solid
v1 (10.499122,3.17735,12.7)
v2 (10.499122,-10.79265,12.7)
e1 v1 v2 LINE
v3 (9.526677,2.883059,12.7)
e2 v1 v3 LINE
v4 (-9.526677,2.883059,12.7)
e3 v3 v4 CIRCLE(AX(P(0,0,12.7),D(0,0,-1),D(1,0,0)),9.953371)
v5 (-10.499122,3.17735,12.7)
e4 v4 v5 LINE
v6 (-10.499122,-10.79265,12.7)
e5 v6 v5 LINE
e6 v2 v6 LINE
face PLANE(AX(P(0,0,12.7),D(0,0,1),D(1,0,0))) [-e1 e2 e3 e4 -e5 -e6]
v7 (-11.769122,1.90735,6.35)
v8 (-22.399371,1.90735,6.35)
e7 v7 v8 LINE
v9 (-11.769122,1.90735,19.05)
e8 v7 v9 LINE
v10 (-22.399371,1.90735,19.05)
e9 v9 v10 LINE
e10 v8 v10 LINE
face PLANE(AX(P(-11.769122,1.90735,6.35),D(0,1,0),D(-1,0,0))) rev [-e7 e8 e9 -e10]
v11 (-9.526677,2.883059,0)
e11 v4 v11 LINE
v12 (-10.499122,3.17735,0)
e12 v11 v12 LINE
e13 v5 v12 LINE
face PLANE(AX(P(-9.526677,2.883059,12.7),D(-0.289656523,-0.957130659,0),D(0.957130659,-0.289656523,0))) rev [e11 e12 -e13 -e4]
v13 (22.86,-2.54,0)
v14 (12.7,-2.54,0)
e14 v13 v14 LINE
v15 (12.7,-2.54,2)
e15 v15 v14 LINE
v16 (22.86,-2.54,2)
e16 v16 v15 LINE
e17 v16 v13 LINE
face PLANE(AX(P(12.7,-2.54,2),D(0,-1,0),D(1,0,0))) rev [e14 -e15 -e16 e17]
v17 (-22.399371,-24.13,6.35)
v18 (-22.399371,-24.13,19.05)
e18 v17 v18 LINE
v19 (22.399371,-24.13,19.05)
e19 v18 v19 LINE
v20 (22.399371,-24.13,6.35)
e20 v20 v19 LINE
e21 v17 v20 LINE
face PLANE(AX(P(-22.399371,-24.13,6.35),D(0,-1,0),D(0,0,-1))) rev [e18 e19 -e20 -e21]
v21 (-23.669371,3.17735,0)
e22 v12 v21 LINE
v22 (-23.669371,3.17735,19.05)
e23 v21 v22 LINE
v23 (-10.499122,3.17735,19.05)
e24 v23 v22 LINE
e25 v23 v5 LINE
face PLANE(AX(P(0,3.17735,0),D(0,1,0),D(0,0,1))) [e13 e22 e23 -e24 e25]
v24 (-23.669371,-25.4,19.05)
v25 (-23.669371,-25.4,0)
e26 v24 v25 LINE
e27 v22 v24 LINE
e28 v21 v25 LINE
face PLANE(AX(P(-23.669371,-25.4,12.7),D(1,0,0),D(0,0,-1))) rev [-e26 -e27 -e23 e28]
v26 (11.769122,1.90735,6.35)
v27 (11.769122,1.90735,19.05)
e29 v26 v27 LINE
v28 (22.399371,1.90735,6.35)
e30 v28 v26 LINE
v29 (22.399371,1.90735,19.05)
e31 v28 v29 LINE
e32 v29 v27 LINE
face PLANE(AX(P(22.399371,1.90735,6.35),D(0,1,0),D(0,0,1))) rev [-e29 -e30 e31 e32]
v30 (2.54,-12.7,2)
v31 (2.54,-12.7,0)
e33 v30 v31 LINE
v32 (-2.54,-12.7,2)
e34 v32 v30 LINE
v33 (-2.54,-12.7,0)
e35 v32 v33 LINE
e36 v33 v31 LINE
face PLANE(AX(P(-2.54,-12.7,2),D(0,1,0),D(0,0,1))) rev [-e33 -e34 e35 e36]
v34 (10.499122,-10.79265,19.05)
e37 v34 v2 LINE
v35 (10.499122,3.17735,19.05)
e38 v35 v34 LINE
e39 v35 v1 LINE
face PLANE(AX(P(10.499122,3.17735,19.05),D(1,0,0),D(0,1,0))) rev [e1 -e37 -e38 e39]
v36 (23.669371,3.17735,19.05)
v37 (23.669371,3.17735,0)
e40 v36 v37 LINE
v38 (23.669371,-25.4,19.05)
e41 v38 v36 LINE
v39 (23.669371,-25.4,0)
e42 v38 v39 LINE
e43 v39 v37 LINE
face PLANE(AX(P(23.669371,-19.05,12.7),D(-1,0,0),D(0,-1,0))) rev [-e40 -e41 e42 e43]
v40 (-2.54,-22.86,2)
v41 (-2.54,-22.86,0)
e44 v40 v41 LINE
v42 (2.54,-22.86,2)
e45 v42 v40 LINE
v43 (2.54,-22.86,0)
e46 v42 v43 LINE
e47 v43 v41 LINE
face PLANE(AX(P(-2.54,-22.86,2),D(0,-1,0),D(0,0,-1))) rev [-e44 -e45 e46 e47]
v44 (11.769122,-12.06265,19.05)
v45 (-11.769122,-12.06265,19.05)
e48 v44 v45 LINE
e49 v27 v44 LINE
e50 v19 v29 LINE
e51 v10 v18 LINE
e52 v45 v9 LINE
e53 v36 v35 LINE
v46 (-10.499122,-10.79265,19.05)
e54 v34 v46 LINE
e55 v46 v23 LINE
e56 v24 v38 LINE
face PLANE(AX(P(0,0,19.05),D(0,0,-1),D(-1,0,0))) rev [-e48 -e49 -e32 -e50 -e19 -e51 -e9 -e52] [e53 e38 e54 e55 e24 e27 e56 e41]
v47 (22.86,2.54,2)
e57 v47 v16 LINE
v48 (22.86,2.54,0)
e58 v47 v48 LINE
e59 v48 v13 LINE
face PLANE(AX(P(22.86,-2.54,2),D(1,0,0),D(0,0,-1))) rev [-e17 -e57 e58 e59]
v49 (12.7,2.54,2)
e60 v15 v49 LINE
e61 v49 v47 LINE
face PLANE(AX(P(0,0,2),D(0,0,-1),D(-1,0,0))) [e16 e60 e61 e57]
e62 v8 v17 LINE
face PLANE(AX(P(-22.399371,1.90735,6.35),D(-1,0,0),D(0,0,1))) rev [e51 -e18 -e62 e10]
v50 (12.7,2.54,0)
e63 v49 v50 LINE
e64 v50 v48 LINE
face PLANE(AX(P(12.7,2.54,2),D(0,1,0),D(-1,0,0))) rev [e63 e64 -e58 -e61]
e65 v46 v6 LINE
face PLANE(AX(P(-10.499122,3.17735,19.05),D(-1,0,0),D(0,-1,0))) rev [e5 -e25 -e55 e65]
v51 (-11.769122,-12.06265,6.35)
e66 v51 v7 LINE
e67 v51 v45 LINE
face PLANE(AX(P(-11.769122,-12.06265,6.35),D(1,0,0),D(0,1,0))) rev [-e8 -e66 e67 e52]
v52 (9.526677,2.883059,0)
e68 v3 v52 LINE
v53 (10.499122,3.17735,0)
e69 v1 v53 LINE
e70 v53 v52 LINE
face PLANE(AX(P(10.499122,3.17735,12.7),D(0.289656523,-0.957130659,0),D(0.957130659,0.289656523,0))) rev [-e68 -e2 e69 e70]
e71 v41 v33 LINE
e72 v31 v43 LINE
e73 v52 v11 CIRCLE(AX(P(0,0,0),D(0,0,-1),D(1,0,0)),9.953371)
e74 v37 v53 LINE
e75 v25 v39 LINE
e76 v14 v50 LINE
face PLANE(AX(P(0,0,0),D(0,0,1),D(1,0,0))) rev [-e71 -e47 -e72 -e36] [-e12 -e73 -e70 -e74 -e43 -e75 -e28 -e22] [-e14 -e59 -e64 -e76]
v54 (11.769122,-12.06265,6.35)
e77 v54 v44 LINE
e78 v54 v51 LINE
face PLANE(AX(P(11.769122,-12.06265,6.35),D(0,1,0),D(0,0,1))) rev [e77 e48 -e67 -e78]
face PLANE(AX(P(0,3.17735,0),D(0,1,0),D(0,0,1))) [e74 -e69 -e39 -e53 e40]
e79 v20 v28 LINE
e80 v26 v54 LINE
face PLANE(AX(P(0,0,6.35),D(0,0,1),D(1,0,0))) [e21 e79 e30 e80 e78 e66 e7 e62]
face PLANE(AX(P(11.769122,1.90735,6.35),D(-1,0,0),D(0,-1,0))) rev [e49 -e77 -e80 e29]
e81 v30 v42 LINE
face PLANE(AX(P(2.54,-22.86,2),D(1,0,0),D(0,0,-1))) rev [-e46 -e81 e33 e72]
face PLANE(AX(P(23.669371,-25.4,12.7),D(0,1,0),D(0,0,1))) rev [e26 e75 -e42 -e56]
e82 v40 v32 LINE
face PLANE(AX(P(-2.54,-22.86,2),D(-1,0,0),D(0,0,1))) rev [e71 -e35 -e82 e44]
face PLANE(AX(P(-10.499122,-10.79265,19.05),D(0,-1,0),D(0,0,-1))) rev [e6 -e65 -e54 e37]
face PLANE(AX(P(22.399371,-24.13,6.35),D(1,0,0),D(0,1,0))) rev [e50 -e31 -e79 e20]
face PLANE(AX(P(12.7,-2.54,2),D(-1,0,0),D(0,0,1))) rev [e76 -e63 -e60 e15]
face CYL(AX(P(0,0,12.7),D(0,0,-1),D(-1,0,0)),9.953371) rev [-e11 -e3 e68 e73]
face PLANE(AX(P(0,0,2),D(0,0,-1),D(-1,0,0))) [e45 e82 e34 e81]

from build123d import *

# Parameters (mm, degrees)
BOSS_EXTRUDE1_DEPTH = 12.7
SKETCH2_W           = 12.7
SKETCH2_H           = 12.7
BOSS_EXTRUDE2_DEPTH = 22.22735
BOSS_EXTRUDE3_DEPTH = 12.7
SKETCH4_W           = 12.7
SKETCH4_H           = 12.7
BOSS_EXTRUDE4_DEPTH = 22.22735
BOSS_EXTRUDE5_DEPTH = 12.7
BOSS_EXTRUDE6_DEPTH = 6.35
CUT_EXTRUDE1_DEPTH  = 12.7
SKETCH9_W           = 10.16
SKETCH9_H           = 5.08
SKETCH9_W_2         = 5.08
SKETCH9_H_2         = 10.16
CUT_EXTRUDE2_DEPTH  = 2


with BuildPart() as part:
    # Sketch1 → Boss-Extrude1 (new body)
    with BuildSketch(Plane.XY):
        with BuildLine():
            Line((10.499121608, 3.177349953), (9.526676859, 2.883058926))
            ThreePointArc((9.526676859, 2.883058926), (0, -9.953371325), (-9.526676859, 2.883058926))
            Line((-9.526676859, 2.883058926), (-10.499121608, 3.177349953))
            ThreePointArc((-10.499121608, 3.177349953), (-10.851172075, 1.605980037), (-10.969371325, 0))
            Line((-10.969371325, 0), (-10.969371325, -19.05))
            Line((-10.969371325, -19.05), (-23.669371325, -19.05))
            Line((-23.669371325, -19.05), (-23.669371325, -25.4))
            Line((-23.669371325, -25.4), (23.669371325, -25.4))
            Line((23.669371325, -25.4), (23.669371325, -19.05))
            Line((23.669371325, -19.05), (10.969371325, -19.05))
            Line((10.969371325, -19.05), (10.969371325, 0))
            ThreePointArc((10.969371325, 0), (10.851172075, 1.605980037), (10.499121608, 3.177349953))
        make_face()
    extrude(amount=BOSS_EXTRUDE1_DEPTH)

    # Sketch2 → Boss-Extrude2 (add)
    with BuildSketch(Plane(origin=(0, -19.05, 0), x_dir=(1, 0, 0), z_dir=(0, 1, 0))):
        with Locations((17.319371325, -6.35)):
            Rectangle(SKETCH2_W, SKETCH2_H)
    extrude(amount=BOSS_EXTRUDE2_DEPTH)

    # Sketch3 → Boss-Extrude3 (add, through all)
    with BuildSketch(Plane(origin=(0, 0, 0), x_dir=(-1, 0, 0), z_dir=(0, 0, -1))):
        with BuildLine():
            Line((-10.969371325, 0), (-10.969371325, 3.177349953))
            Line((-10.969371325, 3.177349953), (-10.499121608, 3.177349953))
            ThreePointArc((-10.499121608, 3.177349953), (-10.851172075, 1.605980037), (-10.969371325, 0))
        make_face()
    extrude(amount=-BOSS_EXTRUDE3_DEPTH)

    # Sketch4 → Boss-Extrude4 (add)
    with BuildSketch(Plane(origin=(0, -19.05, 0), x_dir=(1, 0, 0), z_dir=(0, 1, 0))):
        with Locations((-17.319371325, -6.35)):
            Rectangle(SKETCH4_W, SKETCH4_H)
    extrude(amount=BOSS_EXTRUDE4_DEPTH)

    # Sketch5 → Boss-Extrude5 (add, through all)
    with BuildSketch(Plane(origin=(0, 0, 0), x_dir=(-1, 0, 0), z_dir=(0, 0, -1))):
        with BuildLine():
            Line((10.969371325, 3.177349953), (10.969371325, 0))
            ThreePointArc((10.969371325, 0), (10.851172075, 1.605980037), (10.499121608, 3.177349953))
            Line((10.499121608, 3.177349953), (10.969371325, 3.177349953))
        make_face()
    extrude(amount=-BOSS_EXTRUDE5_DEPTH)

    # Sketch6 → Boss-Extrude6 (add)
    with BuildSketch(Plane.XY.offset(12.7)):
        Polygon((-23.669371325, 3.177349953), (-23.669371325, -25.4), (23.669371325, -25.4), (23.669371325, 3.177349953), (10.499121608, 3.177349953), (10.499121608, -10.792650047), (-10.499121608, -10.792650047), (-10.499121608, 3.177349953), align=None)
    extrude(amount=BOSS_EXTRUDE6_DEPTH)

    # Sketch7 → Cut-Extrude1 (cut)
    with BuildSketch(Plane.XY.offset(19.05)):
        Polygon((-11.769121608, 1.907349953), (-22.399371325, 1.907349953), (-22.399371325, -24.13), (22.399371325, -24.13), (22.399371325, 1.907349953), (11.769121608, 1.907349953), (11.769121608, -12.062650047), (-11.769121608, -12.062650047), align=None)
    extrude(amount=-CUT_EXTRUDE1_DEPTH, mode=Mode.SUBTRACT)

    # Sketch9 → Cut-Extrude2 (cut)
    with BuildSketch(Plane(origin=(0, 0, 0), x_dir=(-1, 0, 0), z_dir=(0, 0, -1))):
        with Locations((-17.78, 0)):
            Rectangle(SKETCH9_W, SKETCH9_H)
        with Locations((0, -17.78)):
            Rectangle(SKETCH9_W_2, SKETCH9_H_2)
    extrude(amount=-CUT_EXTRUDE2_DEPTH, mode=Mode.SUBTRACT)


solid = part.part
